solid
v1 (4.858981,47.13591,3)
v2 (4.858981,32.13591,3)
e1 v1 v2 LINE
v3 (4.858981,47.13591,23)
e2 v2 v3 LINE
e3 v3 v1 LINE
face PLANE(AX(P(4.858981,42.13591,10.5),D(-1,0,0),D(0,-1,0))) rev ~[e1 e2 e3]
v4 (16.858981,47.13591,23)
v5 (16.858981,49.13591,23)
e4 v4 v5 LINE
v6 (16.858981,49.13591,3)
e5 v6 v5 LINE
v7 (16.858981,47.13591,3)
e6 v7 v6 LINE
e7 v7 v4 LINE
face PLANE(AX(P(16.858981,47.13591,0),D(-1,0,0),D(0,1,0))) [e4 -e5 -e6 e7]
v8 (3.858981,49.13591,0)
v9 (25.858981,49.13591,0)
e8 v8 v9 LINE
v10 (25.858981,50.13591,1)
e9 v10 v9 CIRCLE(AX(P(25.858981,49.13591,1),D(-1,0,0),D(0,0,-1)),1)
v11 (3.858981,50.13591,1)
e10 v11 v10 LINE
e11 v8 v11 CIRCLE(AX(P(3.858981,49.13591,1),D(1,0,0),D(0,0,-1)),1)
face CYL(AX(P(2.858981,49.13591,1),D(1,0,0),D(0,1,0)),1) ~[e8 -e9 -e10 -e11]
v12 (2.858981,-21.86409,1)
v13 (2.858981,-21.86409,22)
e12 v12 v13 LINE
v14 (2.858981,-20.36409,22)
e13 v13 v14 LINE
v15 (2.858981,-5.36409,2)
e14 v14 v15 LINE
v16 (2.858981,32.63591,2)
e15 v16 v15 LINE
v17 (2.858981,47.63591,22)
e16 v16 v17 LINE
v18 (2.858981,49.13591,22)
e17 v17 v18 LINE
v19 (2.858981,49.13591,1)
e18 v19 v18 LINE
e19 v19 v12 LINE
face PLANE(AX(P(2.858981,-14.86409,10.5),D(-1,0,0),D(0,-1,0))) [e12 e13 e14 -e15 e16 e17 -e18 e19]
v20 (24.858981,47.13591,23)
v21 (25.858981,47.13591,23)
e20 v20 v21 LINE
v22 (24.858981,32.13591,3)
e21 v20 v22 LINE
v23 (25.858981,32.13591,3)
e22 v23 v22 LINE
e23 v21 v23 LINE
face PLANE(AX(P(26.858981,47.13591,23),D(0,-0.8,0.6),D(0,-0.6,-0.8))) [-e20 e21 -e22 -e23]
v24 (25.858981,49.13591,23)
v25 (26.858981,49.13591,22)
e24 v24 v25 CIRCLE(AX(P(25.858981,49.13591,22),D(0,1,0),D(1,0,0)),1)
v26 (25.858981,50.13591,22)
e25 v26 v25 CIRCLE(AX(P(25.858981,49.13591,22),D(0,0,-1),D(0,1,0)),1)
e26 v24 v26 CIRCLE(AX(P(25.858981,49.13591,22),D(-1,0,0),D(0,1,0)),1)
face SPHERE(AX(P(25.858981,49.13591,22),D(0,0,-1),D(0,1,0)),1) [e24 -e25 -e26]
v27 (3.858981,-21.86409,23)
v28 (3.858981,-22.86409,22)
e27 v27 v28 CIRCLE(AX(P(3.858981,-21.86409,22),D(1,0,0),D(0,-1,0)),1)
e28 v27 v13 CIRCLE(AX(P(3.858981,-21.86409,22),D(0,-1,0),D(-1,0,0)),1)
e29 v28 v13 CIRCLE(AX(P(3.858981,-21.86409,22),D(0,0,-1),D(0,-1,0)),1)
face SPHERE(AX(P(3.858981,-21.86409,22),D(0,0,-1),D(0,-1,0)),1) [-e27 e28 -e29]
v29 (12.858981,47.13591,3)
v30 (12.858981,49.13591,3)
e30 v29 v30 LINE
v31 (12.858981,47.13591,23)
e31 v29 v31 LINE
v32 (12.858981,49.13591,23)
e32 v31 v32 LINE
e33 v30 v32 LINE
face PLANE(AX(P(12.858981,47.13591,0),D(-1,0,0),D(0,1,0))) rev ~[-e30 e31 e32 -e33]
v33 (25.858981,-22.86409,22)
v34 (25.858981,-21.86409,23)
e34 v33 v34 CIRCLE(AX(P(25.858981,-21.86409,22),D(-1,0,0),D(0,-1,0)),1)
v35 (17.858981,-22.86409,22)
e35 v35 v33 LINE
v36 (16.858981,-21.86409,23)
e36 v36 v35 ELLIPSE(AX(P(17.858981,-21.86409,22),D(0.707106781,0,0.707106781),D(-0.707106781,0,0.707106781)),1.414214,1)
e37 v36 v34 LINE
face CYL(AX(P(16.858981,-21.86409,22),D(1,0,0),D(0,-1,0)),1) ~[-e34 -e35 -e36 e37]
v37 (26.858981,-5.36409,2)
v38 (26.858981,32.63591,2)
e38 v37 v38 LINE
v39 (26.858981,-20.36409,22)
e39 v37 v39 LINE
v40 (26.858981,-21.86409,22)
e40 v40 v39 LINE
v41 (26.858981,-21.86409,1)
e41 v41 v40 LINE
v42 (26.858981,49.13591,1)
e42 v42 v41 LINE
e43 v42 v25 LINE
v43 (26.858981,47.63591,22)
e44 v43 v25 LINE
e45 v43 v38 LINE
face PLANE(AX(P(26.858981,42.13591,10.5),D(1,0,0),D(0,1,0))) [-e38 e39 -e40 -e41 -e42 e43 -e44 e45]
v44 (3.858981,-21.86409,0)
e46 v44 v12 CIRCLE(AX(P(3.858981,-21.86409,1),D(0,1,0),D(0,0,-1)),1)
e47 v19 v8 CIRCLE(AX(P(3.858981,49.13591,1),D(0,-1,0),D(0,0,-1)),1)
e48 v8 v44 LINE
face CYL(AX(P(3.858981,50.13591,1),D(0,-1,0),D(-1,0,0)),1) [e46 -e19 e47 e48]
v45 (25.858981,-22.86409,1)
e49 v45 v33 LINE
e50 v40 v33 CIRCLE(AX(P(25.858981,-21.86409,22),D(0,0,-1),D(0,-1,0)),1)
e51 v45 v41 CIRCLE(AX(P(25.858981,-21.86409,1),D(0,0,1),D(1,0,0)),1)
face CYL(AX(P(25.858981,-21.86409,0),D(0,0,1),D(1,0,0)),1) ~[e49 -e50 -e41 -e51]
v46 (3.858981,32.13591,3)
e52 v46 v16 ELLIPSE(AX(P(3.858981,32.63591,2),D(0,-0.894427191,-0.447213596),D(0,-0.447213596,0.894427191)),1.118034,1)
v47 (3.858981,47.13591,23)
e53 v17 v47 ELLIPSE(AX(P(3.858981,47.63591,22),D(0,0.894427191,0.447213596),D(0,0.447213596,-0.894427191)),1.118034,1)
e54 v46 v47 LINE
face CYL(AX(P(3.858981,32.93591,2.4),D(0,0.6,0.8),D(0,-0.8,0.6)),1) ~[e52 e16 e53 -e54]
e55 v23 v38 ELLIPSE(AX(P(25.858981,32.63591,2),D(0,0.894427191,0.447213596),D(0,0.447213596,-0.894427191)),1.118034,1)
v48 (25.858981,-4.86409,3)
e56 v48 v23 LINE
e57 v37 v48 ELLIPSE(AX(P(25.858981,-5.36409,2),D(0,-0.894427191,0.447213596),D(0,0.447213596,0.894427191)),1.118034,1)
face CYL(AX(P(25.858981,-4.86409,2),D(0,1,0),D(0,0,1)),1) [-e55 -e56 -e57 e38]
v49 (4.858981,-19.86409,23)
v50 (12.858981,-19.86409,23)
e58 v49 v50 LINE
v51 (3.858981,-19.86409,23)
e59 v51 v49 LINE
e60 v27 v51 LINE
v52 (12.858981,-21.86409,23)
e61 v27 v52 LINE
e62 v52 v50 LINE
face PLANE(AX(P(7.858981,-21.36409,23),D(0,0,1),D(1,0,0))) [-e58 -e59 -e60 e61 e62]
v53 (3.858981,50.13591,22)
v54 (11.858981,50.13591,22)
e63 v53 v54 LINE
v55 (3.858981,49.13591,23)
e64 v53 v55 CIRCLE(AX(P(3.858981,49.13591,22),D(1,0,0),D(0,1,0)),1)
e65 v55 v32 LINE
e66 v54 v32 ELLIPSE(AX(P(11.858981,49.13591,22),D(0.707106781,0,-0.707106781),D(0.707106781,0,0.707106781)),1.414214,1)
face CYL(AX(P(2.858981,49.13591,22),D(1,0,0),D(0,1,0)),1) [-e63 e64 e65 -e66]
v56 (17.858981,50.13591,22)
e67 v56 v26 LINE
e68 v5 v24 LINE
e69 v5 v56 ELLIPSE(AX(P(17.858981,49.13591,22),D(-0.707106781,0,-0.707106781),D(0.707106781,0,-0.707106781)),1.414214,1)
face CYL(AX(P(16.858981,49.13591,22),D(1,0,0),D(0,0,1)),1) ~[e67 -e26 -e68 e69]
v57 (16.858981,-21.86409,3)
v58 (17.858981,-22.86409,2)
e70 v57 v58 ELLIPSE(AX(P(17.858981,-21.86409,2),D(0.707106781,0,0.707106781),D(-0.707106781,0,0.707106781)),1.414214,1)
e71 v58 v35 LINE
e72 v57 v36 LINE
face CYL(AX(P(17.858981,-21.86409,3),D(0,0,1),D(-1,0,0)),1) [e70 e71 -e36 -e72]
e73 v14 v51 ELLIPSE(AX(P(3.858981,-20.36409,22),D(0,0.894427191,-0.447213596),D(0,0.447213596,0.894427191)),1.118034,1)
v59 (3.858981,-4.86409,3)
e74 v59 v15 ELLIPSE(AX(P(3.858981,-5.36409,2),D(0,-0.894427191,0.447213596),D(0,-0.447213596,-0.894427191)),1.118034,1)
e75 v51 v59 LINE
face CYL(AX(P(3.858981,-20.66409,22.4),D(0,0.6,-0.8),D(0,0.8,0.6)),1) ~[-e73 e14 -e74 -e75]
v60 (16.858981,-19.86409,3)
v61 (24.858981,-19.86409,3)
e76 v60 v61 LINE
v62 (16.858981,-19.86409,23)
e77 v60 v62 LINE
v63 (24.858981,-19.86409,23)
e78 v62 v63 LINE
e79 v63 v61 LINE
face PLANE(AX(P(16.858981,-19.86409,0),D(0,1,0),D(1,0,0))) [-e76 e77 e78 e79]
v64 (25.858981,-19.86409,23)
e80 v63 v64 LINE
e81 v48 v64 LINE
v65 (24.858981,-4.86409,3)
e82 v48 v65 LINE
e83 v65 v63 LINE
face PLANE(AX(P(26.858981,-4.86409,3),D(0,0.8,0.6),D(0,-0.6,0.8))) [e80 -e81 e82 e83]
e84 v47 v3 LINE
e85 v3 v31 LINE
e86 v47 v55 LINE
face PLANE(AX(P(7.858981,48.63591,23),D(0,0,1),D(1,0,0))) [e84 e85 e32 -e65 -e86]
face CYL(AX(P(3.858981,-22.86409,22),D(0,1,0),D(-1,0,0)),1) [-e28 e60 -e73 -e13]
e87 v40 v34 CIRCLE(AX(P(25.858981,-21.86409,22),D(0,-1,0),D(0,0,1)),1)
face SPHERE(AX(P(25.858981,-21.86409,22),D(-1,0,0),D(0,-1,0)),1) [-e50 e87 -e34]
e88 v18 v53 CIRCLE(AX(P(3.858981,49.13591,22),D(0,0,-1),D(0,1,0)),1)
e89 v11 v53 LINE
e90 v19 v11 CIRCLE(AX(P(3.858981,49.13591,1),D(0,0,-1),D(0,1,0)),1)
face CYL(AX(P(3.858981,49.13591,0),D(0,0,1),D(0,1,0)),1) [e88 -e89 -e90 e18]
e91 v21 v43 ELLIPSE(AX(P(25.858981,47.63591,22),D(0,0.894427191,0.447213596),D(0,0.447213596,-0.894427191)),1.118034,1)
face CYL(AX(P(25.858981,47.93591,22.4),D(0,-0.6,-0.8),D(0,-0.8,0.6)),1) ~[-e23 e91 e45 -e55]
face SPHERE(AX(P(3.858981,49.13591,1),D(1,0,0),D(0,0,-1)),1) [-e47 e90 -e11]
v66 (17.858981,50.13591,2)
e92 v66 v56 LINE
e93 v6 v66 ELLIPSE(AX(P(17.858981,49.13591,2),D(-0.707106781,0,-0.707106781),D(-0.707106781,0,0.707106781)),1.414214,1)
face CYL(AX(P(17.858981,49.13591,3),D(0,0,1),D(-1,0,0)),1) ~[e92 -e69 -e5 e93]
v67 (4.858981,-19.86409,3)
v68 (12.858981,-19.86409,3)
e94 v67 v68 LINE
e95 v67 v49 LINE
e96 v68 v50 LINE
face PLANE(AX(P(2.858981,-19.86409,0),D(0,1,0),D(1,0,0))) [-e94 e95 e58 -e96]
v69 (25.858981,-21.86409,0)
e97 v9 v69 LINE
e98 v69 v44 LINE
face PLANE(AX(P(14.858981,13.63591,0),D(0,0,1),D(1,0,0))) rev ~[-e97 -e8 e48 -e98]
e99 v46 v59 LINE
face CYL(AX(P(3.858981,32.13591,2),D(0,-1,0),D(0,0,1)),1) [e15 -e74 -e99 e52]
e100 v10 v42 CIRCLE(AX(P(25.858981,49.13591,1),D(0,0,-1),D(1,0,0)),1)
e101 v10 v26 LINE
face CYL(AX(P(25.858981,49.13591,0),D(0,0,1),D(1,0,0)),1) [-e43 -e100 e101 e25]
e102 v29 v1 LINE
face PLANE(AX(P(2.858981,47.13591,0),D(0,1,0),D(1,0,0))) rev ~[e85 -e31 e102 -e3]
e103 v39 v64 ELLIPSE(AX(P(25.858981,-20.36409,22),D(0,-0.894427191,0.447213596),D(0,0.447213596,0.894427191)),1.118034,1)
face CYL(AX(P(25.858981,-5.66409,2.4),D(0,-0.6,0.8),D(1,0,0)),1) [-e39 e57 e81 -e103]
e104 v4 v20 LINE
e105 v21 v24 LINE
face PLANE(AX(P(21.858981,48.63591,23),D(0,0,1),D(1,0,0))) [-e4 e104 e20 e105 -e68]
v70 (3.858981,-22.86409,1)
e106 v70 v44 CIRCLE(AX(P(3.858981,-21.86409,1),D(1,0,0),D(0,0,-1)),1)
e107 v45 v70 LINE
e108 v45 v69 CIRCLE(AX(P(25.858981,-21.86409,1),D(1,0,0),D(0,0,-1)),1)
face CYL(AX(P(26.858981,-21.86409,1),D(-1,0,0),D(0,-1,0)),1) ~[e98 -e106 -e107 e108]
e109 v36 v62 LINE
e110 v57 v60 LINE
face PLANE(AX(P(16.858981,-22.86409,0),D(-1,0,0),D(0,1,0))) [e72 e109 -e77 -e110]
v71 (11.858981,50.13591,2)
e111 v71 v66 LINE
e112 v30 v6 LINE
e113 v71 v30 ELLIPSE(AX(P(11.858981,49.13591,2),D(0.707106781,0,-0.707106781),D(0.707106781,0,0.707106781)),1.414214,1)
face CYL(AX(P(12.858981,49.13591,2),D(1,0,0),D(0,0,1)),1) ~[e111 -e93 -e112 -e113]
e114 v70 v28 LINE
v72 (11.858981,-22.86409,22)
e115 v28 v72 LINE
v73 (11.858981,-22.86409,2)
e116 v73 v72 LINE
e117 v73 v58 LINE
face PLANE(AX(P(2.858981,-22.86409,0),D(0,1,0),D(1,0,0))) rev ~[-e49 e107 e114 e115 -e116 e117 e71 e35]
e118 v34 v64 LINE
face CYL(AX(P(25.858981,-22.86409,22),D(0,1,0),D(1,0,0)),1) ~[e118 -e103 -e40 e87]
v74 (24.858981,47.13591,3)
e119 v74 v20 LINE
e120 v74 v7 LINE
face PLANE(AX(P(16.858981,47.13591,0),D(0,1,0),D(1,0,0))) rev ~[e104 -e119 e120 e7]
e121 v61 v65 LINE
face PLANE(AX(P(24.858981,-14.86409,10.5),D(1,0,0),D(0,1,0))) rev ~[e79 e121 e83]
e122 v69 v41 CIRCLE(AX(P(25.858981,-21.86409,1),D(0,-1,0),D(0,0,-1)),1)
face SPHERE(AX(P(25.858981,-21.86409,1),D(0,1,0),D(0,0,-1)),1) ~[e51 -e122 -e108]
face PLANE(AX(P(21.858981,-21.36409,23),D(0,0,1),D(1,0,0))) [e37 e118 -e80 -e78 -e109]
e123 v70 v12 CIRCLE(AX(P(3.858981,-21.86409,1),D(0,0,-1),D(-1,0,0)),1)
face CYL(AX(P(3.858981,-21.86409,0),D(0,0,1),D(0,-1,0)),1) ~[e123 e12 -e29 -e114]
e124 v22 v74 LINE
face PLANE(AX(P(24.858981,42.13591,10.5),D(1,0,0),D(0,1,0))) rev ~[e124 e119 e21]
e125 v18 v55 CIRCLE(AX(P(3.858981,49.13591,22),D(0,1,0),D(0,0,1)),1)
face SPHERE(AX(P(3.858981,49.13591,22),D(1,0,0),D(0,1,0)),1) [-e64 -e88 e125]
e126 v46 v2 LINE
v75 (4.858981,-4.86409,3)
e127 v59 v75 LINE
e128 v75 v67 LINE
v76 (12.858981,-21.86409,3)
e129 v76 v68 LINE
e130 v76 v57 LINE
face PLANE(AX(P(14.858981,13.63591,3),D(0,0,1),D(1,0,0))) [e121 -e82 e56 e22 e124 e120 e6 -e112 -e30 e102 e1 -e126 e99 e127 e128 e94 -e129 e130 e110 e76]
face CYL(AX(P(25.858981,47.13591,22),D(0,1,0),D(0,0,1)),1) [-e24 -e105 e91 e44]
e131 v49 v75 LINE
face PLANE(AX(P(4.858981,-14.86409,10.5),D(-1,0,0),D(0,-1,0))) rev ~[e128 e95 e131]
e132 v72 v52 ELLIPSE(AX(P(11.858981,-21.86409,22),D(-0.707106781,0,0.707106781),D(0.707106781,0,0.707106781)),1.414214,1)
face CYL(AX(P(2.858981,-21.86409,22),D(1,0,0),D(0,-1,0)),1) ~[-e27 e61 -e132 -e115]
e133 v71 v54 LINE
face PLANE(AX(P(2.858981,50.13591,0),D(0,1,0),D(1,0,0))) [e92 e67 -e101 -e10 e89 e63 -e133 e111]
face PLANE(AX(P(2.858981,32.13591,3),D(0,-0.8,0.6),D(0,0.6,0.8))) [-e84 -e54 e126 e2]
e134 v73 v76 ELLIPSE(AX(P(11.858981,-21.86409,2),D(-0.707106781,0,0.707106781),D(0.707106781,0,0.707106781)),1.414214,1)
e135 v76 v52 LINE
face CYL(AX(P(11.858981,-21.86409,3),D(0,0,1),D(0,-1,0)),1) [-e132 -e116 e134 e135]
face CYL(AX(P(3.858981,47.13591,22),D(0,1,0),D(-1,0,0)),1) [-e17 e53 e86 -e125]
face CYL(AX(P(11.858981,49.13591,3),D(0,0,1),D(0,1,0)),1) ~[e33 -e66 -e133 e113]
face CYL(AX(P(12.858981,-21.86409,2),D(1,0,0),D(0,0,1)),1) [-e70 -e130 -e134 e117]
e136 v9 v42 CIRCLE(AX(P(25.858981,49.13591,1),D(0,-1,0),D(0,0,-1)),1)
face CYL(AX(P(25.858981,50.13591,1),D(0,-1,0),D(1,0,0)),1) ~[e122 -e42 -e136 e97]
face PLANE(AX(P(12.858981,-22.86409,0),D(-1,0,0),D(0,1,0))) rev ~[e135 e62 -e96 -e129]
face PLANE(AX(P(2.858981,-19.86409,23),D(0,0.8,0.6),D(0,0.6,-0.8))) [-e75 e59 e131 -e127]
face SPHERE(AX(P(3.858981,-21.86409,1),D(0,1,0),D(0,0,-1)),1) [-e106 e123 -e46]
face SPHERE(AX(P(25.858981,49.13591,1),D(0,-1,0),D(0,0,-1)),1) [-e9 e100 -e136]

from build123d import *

# Parameters (mm, degrees)
F0_W     = 10
F0_H     = 3
F1_DEPTH = 23
F0_W_2   = 4
F2_DEPTH = 3
F4_DEPTH = 2
F6_DEPTH = 2
F7_R     = 1


with BuildPart() as f1:
    # F0 (on Top) → F1 (new body)
    with BuildSketch(Plane.XY):
        with Locations((21.8589810431, 48.6359097213)):
            Rectangle(F0_W, F0_H)
    extrude(amount=F1_DEPTH)



with BuildPart() as f1b:
    # F0 (on Top) → F1, piece 2 (new body)
    with BuildSketch(Plane.XY):
        with Locations((7.8589810431, 48.6359097213)):
            Rectangle(F0_W, F0_H)
    extrude(amount=F1_DEPTH)


with BuildPart() as f1c:
    # F0 (on Top) → F1, piece 3 (new body)
    with BuildSketch(Plane.XY):
        with Locations((7.8589810431, -21.3640902787)):
            Rectangle(F0_W, F0_H)
    extrude(amount=F1_DEPTH)


with BuildPart() as f1d:
    # F0 (on Top) → F1, piece 4 (new body)
    with BuildSketch(Plane.XY):
        with Locations((21.8589810431, -21.3640902787)):
            Rectangle(F0_W, F0_H)
    extrude(amount=F1_DEPTH)


with BuildPart() as f1_1:
    add(f1.part)

    add(f1b.part)  # F2 merges F1b

    add(f1c.part)  # F2 merges F1c

    add(f1d.part)  # F2 merges F1d
    # F0 (on Top) → F2 (join)
    with BuildSketch(Plane.XY):
        Polygon((12.8589810431, 47.1359097213), (2.8589810431, 47.1359097213), (2.8589810431, -19.8640902787), (12.8589810431, -19.8640902787), (16.8589810431, -19.8640902787), (26.8589810431, -19.8640902787), (26.8589810431, 47.1359097213), (16.8589810431, 47.1359097213), align=None)
        with Locations((14.8589810431, -21.3640902787)):
            Rectangle(F0_W_2, F0_H)
        with Locations((14.8589810431, 48.6359097213)):
            Rectangle(F0_W_2, F0_H)
    extrude(amount=F2_DEPTH)

    # F3 (on face) → F4 (join)
    with BuildSketch(Plane(origin=(2.8589810431, 0, 0), x_dir=(0, -1, 0), z_dir=(-1, 0, 0))):
        Polygon((19.8640902787, 23), (4.8640902787, 3), (19.8640902787, 3), align=None)
        Polygon((-32.1359097213, 3), (-47.1359097213, 23), (-47.1359097213, 3), align=None)
    extrude(amount=-F4_DEPTH)

    # F5 (on face) → F6 (join)
    with BuildSketch(Plane.YZ.offset(26.8589810431)):
        Polygon((47.1359097213, 23), (32.1359097213, 3), (47.1359097213, 3), align=None)
        Polygon((-4.8640902787, 3), (-19.8640902787, 23), (-19.8640902787, 3), align=None)
    extrude(amount=-F6_DEPTH)

    # F7
    f7_edges = [f1_1.edges().sort_by_distance(p)[0] for p in [
        (26.858981, 13.63591, 0),
        (14.858981, 50.13591, 0),
        (2.858981, 13.63591, 0),
        (14.858981, -22.86409, 0),
        (16.858981, -22.86409, 13),
        (21.858981, -22.86409, 23),
        (26.858981, -22.86409, 11.5),
        (2.858981, -22.86409, 11.5),
        (7.858981, -22.86409, 23),
        (12.858981, -22.86409, 13),
        (14.858981, -22.86409, 3),
        (12.858981, 50.13591, 13),
        (7.858981, 50.13591, 23),
        (2.858981, 50.13591, 11.5),
        (26.858981, 50.13591, 11.5),
        (21.858981, 50.13591, 23),
        (16.858981, 50.13591, 13),
        (14.858981, 50.13591, 3),
        (2.858981, -21.36409, 23),
        (2.858981, 48.63591, 23),
        (2.858981, 39.63591, 13),
        (2.858981, 13.63591, 3),
        (2.858981, -12.36409, 13),
        (26.858981, -21.36409, 23),
        (26.858981, -12.36409, 13),
        (26.858981, 13.63591, 3),
        (26.858981, 39.63591, 13),
        (26.858981, 48.63591, 23),
    ]]
    fillet(f7_edges, radius=F7_R)


solid = f1_1.part
